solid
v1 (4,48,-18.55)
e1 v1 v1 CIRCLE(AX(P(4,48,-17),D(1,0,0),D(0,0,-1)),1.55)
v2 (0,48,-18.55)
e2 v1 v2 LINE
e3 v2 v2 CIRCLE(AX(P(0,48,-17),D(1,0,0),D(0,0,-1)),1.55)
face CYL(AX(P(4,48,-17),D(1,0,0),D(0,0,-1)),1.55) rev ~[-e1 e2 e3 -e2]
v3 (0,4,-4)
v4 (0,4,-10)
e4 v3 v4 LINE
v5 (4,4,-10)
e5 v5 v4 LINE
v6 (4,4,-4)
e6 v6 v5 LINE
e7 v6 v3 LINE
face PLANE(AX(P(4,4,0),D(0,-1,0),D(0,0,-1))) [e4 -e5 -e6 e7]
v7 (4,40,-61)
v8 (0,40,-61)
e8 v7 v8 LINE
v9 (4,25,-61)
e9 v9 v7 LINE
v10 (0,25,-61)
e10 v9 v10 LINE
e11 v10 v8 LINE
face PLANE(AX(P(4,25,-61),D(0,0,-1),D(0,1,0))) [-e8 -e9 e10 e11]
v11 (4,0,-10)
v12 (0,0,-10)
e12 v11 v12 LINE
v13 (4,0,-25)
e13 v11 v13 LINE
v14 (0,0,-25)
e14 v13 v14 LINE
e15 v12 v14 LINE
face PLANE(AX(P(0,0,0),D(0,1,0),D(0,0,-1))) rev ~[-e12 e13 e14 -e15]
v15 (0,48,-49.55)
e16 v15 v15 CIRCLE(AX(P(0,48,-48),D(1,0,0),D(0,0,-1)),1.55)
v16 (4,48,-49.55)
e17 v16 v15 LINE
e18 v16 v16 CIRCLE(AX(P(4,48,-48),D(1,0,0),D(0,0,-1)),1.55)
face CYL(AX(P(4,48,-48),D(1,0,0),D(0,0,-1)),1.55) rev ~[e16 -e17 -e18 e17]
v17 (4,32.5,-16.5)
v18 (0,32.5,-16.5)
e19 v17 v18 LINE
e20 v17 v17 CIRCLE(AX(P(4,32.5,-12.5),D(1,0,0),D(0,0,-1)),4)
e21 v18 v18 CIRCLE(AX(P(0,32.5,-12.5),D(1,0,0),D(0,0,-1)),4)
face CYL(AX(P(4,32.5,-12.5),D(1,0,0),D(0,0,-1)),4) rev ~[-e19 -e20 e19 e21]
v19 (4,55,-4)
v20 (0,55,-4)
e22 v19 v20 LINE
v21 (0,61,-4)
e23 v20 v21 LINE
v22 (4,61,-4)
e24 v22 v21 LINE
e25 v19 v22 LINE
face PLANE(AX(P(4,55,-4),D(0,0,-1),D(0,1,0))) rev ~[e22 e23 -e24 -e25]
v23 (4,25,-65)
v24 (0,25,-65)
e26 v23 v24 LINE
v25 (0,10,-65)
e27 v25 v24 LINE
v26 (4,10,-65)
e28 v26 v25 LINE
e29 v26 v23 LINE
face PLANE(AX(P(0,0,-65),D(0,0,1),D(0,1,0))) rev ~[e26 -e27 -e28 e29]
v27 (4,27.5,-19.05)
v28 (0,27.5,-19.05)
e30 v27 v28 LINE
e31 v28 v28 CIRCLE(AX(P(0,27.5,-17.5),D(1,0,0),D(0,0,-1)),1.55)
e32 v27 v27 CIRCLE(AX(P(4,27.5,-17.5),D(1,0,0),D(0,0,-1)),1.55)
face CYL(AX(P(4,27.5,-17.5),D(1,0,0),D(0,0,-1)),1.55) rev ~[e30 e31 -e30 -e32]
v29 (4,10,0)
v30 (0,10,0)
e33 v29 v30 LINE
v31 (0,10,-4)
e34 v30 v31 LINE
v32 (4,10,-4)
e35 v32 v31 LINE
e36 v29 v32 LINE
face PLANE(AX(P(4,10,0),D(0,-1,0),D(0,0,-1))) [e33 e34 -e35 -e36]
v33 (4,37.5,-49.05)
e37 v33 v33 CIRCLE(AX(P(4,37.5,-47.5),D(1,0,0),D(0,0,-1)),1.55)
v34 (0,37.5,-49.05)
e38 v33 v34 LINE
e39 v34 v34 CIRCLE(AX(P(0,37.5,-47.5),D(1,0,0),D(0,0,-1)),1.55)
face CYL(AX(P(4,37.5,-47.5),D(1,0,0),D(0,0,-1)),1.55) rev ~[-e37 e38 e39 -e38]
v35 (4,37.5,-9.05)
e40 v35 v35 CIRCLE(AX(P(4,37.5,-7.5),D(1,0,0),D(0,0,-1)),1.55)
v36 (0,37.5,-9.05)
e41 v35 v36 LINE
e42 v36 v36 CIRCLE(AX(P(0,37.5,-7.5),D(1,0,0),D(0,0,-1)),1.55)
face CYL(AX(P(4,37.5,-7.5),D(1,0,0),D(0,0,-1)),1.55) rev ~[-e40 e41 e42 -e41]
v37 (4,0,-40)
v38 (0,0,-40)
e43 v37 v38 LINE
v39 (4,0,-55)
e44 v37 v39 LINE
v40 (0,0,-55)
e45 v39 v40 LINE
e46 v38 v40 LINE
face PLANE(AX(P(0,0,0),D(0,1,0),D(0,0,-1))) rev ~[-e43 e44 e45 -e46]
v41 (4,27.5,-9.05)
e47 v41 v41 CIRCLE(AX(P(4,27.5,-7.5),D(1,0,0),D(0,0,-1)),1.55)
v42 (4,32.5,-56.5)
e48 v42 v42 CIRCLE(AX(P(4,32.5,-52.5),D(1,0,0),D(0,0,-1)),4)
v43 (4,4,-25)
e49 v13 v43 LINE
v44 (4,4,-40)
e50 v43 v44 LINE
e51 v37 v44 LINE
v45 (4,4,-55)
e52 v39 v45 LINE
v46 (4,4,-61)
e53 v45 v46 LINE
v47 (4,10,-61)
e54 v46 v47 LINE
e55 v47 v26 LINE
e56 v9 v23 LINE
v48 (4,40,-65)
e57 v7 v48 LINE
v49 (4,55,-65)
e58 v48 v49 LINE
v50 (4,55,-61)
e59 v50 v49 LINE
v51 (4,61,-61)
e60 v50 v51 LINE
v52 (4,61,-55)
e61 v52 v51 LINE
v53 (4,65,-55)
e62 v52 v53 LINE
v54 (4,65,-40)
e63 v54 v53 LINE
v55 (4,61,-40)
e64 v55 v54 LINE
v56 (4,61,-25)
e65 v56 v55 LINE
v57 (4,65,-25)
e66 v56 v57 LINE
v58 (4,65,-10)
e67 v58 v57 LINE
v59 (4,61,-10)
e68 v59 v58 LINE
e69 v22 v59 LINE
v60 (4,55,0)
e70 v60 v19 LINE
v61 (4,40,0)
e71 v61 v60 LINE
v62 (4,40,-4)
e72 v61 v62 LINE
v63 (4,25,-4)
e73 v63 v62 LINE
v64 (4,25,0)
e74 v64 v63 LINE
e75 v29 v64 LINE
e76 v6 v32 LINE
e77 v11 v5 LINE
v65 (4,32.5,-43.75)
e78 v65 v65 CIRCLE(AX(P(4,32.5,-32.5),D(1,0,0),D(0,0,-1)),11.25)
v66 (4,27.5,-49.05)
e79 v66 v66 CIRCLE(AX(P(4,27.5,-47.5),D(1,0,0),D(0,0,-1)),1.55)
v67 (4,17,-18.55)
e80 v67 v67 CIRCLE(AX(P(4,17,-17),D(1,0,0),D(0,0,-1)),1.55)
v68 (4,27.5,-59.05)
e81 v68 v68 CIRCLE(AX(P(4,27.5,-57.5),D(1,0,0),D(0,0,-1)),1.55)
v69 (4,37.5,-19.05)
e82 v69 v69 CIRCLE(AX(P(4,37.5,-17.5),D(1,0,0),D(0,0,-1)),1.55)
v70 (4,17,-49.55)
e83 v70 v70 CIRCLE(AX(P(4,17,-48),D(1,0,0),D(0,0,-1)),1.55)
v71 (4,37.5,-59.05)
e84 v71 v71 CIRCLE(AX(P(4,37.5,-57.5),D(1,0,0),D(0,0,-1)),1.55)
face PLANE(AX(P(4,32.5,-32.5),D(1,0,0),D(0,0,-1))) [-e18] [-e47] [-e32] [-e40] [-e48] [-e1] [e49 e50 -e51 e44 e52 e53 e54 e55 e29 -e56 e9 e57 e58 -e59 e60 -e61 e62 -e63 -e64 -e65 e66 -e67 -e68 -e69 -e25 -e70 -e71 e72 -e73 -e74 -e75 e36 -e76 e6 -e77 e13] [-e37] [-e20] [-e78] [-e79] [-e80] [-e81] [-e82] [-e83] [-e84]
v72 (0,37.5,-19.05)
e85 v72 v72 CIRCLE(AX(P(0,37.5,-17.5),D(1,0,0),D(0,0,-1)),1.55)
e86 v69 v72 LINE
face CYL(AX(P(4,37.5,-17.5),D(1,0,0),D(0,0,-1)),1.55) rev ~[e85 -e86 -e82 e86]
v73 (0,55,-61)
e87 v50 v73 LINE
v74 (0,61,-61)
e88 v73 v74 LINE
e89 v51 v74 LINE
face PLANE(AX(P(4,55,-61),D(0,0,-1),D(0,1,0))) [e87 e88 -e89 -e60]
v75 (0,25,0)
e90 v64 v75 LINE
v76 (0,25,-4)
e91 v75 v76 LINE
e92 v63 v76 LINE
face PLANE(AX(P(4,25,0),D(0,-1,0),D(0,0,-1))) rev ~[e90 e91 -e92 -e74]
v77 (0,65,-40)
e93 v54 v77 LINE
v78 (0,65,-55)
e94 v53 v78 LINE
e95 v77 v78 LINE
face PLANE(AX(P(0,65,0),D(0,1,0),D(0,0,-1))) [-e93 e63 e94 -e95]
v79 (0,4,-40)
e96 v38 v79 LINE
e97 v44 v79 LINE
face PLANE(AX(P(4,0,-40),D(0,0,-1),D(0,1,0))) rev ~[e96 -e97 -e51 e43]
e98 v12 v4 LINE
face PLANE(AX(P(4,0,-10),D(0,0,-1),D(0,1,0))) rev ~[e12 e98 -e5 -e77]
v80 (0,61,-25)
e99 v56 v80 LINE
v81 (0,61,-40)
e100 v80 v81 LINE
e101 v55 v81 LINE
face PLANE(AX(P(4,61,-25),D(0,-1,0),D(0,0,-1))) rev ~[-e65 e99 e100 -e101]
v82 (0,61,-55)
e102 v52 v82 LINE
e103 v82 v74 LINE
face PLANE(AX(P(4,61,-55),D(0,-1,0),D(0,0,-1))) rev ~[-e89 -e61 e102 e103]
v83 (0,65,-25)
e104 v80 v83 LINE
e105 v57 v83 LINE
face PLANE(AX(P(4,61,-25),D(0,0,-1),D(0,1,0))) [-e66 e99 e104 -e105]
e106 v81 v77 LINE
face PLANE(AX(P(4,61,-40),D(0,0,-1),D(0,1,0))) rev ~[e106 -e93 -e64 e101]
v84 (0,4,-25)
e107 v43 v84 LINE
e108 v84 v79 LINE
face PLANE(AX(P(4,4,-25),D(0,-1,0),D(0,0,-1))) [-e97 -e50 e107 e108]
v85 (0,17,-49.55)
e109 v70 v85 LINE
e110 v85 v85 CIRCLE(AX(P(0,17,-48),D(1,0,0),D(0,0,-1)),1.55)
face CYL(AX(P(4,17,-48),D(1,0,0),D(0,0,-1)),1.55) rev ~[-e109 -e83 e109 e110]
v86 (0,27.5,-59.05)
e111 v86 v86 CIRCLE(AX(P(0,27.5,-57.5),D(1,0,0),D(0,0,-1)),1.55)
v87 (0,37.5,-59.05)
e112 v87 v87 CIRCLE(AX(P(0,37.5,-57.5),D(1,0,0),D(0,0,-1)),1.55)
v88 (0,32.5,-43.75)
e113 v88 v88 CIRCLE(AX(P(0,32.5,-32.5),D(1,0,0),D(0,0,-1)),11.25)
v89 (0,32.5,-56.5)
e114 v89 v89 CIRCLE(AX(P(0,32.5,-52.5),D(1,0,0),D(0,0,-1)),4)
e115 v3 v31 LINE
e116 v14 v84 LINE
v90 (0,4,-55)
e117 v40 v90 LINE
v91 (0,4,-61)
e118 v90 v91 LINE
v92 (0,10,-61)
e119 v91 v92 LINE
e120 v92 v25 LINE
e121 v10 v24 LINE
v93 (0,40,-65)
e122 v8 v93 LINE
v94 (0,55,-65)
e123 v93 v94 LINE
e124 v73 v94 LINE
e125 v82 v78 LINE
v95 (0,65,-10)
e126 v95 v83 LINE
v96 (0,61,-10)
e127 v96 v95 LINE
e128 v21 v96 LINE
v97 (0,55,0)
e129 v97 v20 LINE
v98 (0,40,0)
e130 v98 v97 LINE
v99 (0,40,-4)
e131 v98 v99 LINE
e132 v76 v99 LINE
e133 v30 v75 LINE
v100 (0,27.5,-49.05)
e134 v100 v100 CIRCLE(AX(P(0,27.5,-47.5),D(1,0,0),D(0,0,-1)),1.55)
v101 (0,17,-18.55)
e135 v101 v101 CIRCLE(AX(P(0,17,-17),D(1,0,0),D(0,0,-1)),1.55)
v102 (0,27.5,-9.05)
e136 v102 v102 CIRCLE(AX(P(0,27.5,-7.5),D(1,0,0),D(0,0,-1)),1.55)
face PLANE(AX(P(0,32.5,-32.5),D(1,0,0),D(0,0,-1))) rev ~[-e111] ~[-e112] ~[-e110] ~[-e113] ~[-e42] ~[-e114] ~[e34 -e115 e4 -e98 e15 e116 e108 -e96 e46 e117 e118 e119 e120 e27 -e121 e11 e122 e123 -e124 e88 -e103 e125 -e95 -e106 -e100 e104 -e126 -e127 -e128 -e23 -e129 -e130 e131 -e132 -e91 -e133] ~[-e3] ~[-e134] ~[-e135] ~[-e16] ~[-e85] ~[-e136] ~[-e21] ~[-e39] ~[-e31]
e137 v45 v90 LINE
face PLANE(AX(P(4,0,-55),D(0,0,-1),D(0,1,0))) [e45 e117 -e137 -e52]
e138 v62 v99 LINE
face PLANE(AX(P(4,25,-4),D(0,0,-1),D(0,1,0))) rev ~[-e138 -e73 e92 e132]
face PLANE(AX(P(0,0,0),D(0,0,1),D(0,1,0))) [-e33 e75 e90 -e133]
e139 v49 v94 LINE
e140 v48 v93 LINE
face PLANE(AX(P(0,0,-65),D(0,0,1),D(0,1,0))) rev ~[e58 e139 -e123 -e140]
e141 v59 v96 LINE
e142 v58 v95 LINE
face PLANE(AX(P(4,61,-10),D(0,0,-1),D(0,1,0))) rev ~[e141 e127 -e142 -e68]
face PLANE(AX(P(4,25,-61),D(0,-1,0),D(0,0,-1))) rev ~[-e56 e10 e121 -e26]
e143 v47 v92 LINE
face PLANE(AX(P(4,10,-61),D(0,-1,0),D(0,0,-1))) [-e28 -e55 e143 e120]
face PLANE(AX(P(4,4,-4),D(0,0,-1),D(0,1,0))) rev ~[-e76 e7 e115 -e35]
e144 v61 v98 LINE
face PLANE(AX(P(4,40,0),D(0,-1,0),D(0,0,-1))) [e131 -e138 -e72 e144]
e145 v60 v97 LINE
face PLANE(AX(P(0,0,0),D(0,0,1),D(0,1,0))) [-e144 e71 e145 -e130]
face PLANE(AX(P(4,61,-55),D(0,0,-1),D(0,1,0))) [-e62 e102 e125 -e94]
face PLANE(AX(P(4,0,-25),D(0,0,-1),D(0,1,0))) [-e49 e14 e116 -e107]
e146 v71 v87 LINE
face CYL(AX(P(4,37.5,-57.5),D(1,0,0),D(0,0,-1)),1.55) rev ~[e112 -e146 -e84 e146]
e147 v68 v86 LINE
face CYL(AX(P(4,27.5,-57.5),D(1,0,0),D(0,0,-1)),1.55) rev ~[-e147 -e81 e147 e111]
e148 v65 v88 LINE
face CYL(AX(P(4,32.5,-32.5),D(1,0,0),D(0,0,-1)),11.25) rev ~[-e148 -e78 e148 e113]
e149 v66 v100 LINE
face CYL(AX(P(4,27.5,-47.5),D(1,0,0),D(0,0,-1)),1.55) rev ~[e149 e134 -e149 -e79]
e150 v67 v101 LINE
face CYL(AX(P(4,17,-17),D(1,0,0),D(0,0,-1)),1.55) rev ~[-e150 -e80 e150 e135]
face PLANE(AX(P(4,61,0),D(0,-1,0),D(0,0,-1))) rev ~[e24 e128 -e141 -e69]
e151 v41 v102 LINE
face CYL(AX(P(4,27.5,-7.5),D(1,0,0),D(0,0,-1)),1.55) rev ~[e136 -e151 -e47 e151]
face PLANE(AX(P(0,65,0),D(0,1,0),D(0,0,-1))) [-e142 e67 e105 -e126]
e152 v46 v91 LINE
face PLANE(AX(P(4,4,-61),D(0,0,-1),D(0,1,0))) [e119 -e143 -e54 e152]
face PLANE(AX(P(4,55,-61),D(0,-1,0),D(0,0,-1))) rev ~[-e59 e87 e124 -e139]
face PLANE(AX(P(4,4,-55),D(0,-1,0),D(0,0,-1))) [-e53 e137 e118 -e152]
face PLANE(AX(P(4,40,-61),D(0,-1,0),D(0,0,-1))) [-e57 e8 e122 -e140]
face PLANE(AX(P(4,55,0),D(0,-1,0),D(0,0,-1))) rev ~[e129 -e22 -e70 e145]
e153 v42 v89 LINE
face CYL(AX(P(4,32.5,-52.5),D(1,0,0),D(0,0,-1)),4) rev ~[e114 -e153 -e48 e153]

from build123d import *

# Parameters (mm, degrees)
SKETCH1_W           = 65
SKETCH1_H           = 65
BOSS_EXTRUDE1_DEPTH = 4
SKETCH2_R           = 1.55
SKETCH2_R_2         = 11.25
CUT_EXTRUDE1_DEPTH  = 4
SKETCH3_W           = 10
SKETCH3_H           = 4
SKETCH3_W_2         = 15
CUT_EXTRUDE2_DEPTH  = 4
SKETCH5_W           = 4
SKETCH5_H           = 6
SKETCH5_H_2         = 15
CUT_EXTRUDE3_DEPTH  = 4
SKETCH6_R           = 1.55
SKETCH6_R_2         = 4
CUT_EXTRUDE4_DEPTH  = 4


with BuildPart() as part:
    # Sketch1 → Boss-Extrude1 (new body)
    with BuildSketch(Plane(origin=(0, 0, 0), x_dir=(0, 0, -1), z_dir=(1, 0, 0))):
        with Locations((32.5, 32.5)):
            Rectangle(SKETCH1_W, SKETCH1_H)
    extrude(amount=BOSS_EXTRUDE1_DEPTH)

    # Sketch2 → Cut-Extrude1 (cut)
    with BuildSketch(Plane(origin=(4, 0, 0), x_dir=(0, 0, -1), z_dir=(1, 0, 0))):
        with Locations((17, 48)):
            Circle(SKETCH2_R)
        with Locations((32.5, 32.5)):
            Circle(SKETCH2_R_2)
        with Locations((48, 48)):
            Circle(SKETCH2_R)
        with Locations((48, 17)):
            Circle(SKETCH2_R)
        with Locations((17, 17)):
            Circle(SKETCH2_R)
    extrude(amount=-CUT_EXTRUDE1_DEPTH, mode=Mode.SUBTRACT)

    # Sketch3 → Cut-Extrude2 (cut)
    with BuildSketch(Plane(origin=(4, 0, 0), x_dir=(0, 0, -1), z_dir=(1, 0, 0))):
        with Locations((5, 63)):
            Rectangle(SKETCH3_W, SKETCH3_H)
        with Locations((32.5, 63)):
            Rectangle(SKETCH3_W_2, SKETCH3_H)
        with Locations((60, 63)):
            Rectangle(SKETCH3_W, SKETCH3_H)
        with Locations((60, 2)):
            Rectangle(SKETCH3_W, SKETCH3_H)
        with Locations((32.5, 2)):
            Rectangle(SKETCH3_W_2, SKETCH3_H)
        with Locations((5, 2)):
            Rectangle(SKETCH3_W, SKETCH3_H)
    extrude(amount=-CUT_EXTRUDE2_DEPTH, mode=Mode.SUBTRACT)

    # Sketch5 → Cut-Extrude3 (cut)
    with BuildSketch(Plane(origin=(4, 0, 0), x_dir=(0, 0, -1), z_dir=(1, 0, 0))):
        with Locations((2, 58)):
            Rectangle(SKETCH5_W, SKETCH5_H)
        with Locations((2, 32.5)):
            Rectangle(SKETCH5_W, SKETCH5_H_2)
        with Locations((2, 7)):
            Rectangle(SKETCH5_W, SKETCH5_H)
        with Locations((63, 7)):
            Rectangle(SKETCH5_W, SKETCH5_H)
        with Locations((63, 32.5)):
            Rectangle(SKETCH5_W, SKETCH5_H_2)
        with Locations((63, 58)):
            Rectangle(SKETCH5_W, SKETCH5_H)
    extrude(amount=-CUT_EXTRUDE3_DEPTH, mode=Mode.SUBTRACT)

    # Sketch6 → Cut-Extrude4 (cut)
    with BuildSketch(Plane(origin=(4, 0, 0), x_dir=(0, 0, -1), z_dir=(1, 0, 0))):
        with Locations((7.5, 37.5)):
            Circle(SKETCH6_R)
        with Locations((17.5, 37.5)):
            Circle(SKETCH6_R)
        with Locations((17.5, 27.5)):
            Circle(SKETCH6_R)
        with Locations((12.5, 32.5)):
            Circle(SKETCH6_R_2)
        with Locations((7.5, 27.5)):
            Circle(SKETCH6_R)
        with Locations((52.5, 32.5)):
            Circle(SKETCH6_R_2)
        with Locations((47.5, 27.5)):
            Circle(SKETCH6_R)
        with Locations((47.5, 37.5)):
            Circle(SKETCH6_R)
        with Locations((57.5, 37.5)):
            Circle(SKETCH6_R)
        with Locations((57.5, 27.5)):
            Circle(SKETCH6_R)
    extrude(amount=-CUT_EXTRUDE4_DEPTH, mode=Mode.SUBTRACT)


solid = part.part
